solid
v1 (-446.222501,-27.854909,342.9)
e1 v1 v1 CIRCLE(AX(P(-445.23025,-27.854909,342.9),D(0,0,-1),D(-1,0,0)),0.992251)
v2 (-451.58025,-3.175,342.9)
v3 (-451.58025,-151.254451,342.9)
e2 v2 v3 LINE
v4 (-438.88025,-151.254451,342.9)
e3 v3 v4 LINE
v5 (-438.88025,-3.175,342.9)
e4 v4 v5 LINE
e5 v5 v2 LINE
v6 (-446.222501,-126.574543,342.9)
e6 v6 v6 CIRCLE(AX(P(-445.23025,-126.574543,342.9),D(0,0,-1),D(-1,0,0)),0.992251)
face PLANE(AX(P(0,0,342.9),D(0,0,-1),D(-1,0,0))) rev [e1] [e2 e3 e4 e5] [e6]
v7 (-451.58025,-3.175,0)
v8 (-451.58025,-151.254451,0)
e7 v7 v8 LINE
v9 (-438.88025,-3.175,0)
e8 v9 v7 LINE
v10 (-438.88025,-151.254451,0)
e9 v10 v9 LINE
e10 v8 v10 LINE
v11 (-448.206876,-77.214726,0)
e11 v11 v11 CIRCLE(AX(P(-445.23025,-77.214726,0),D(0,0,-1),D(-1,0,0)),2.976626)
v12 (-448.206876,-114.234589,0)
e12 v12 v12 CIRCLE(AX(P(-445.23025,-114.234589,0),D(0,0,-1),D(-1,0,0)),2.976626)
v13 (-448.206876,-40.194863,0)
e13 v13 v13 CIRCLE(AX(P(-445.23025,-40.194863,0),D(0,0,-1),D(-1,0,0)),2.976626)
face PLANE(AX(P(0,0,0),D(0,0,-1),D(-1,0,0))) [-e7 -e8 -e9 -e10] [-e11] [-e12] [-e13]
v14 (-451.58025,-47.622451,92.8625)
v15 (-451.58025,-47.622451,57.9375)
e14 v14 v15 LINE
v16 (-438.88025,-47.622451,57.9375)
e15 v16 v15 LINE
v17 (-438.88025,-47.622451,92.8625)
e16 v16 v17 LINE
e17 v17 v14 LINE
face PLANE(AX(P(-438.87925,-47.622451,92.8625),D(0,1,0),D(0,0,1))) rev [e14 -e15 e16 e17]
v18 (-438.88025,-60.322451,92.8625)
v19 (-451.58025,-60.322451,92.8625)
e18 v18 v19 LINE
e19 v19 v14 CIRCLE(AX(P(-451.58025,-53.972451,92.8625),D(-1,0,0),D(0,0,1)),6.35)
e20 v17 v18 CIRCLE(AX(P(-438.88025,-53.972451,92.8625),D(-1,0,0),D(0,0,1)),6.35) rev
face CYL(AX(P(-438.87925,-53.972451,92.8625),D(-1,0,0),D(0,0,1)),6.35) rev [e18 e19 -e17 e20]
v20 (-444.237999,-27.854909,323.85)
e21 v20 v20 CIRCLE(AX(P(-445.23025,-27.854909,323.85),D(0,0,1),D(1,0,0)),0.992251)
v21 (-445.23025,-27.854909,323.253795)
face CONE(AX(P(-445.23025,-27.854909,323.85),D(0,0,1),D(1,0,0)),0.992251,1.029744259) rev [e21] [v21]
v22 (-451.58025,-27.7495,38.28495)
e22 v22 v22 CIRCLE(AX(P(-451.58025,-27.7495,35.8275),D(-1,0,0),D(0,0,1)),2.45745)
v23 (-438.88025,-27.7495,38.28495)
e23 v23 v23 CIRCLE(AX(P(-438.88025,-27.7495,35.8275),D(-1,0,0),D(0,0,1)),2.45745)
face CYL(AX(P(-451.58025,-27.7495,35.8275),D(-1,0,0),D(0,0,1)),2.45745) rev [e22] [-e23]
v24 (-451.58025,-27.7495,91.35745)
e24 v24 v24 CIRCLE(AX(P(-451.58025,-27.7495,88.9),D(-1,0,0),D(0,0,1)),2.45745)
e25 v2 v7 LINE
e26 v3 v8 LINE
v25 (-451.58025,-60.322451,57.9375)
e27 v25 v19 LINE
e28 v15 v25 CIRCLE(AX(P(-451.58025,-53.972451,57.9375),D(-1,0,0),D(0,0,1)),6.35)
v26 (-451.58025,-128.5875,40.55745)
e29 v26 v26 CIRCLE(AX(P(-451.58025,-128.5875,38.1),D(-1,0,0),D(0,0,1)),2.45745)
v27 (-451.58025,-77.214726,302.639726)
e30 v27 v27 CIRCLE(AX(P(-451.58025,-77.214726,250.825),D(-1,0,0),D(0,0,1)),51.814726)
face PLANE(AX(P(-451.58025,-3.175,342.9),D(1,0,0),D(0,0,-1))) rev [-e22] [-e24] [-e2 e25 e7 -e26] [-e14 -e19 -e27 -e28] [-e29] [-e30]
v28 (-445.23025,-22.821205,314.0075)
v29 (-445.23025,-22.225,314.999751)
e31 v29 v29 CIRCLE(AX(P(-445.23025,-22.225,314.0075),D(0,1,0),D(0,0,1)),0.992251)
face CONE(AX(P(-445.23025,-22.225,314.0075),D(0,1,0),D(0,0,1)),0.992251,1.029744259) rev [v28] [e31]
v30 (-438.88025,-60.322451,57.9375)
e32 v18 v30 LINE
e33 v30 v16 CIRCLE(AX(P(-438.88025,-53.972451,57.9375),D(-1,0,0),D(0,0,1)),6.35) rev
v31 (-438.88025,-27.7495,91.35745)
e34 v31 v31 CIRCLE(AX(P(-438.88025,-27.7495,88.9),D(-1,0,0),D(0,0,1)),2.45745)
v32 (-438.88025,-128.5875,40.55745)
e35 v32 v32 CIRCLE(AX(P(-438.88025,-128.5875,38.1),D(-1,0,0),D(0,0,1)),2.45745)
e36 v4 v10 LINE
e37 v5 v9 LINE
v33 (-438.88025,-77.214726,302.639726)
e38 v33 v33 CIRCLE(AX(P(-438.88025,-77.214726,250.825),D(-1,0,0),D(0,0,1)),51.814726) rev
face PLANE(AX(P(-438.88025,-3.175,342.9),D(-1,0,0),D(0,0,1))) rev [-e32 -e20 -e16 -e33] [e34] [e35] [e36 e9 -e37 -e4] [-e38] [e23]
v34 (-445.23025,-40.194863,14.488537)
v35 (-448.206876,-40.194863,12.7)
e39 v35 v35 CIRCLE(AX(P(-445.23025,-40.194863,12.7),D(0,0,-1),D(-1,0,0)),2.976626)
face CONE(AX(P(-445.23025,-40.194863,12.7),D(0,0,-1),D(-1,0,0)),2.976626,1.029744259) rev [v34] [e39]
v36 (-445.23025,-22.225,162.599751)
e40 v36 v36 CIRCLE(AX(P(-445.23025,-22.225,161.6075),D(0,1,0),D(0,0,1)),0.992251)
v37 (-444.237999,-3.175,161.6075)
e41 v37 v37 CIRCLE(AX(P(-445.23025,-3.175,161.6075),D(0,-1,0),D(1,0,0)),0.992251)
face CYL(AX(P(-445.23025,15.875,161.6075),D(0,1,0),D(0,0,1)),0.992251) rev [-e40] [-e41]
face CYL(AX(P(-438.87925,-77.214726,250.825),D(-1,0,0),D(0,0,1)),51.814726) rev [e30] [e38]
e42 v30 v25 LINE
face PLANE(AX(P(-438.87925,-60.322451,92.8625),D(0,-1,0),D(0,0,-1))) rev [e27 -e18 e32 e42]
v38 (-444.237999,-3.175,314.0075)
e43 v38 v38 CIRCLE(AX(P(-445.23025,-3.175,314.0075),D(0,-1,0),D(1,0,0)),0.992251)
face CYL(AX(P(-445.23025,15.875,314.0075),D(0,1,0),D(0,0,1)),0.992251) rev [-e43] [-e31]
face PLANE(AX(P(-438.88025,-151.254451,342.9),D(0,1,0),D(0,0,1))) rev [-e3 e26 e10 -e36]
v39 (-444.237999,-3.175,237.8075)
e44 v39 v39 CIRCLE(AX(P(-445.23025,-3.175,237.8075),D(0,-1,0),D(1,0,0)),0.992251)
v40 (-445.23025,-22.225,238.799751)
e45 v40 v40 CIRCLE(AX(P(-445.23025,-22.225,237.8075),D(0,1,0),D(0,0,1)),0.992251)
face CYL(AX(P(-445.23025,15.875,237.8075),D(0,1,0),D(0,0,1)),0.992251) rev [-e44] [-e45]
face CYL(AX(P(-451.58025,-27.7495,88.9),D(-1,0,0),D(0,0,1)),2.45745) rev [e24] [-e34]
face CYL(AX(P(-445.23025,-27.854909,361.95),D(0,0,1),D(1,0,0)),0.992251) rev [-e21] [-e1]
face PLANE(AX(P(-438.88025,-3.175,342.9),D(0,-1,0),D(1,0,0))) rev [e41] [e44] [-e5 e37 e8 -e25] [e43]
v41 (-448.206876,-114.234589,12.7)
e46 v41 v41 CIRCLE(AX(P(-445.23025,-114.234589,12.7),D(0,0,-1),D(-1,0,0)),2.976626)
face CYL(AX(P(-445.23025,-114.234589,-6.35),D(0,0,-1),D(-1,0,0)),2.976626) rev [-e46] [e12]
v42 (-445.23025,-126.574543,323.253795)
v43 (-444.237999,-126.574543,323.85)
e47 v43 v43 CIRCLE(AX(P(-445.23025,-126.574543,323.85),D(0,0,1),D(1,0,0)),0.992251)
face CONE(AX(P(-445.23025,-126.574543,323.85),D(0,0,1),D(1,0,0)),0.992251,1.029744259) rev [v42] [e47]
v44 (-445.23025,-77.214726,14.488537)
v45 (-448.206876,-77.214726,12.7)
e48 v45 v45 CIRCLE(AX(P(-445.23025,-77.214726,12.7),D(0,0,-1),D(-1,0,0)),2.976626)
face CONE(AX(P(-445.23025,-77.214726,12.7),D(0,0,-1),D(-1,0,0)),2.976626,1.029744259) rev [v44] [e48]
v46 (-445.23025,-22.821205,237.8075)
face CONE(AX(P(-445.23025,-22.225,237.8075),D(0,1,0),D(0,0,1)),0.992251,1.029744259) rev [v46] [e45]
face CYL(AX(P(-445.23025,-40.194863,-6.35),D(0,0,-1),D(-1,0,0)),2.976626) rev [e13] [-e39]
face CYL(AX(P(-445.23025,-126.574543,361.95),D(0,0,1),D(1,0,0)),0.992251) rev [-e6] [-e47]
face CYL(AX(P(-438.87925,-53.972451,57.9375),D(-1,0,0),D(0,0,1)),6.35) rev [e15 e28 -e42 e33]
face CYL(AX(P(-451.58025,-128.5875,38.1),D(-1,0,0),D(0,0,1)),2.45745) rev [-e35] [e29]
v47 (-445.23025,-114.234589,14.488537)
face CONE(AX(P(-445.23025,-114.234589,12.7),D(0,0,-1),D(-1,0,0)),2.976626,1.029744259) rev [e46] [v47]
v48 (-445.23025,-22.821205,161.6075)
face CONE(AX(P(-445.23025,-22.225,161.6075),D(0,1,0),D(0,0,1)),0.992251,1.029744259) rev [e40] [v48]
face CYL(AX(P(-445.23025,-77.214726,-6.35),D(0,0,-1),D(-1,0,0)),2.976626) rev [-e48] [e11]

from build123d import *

# Parameters (mm, degrees)
SKETCH1_W                                 = 12.7
SKETCH1_H                                 = 148.079451403
BOSS_EXTRUDE1_DEPTH                       = 342.9
F_15_64_0_23438_DIAMETER_HOLE1_D          = 5.953252
F_15_64_0_23438_DIAMETER_HOLE1_DEPTH      = 12.7
F_15_64_0_23438_DIAMETER_HOLE1_TIP        = 1.788537341
F_15_64_0_23438_DIAMETER_HOLE3_D          = 5.953252
F_15_64_0_23438_DIAMETER_HOLE3_DEPTH      = 19.05
F_15_64_0_23438_DIAMETER_HOLE3_TIP        = 1.788537341
F_5_64_0_07813_DIAMETER_HOLE1_D           = 1.984502
F_5_64_0_07813_DIAMETER_HOLE1_DEPTH       = 38.1
F_5_64_0_07813_DIAMETER_HOLE1_CSINK_D     = 10.16
F_5_64_0_07813_DIAMETER_HOLE1_CSINK_ANGLE = 82
F_5_64_0_07813_DIAMETER_HOLE1_TIP         = 0.59620455
F_5_64_0_07813_DIAMETER_HOLE2_D           = 1.984502
F_5_64_0_07813_DIAMETER_HOLE2_DEPTH       = 38.1
F_5_64_0_07813_DIAMETER_HOLE2_CSINK_D     = 10.16
F_5_64_0_07813_DIAMETER_HOLE2_CSINK_ANGLE = 82
F_5_64_0_07813_DIAMETER_HOLE2_TIP         = 0.59620455
F_8_CLEARANCE_HOLE1_D                     = 4.9149
F_8_CLEARANCE_HOLE1_DEPTH                 = 12.7
CUT_EXTRUDE1_REACH                        = 14.7
SKETCH14_R                                = 51.814725701
CUT_EXTRUDE2_REACH                        = 14.7


with BuildPart() as part:
    # Sketch1 → Boss-Extrude1 (new body)
    with BuildSketch(Plane.XY):
        with Locations((-445.23025, -77.214725702)):
            Rectangle(SKETCH1_W, SKETCH1_H)
    extrude(amount=BOSS_EXTRUDE1_DEPTH)

    # 15/64 (0.23438) Diameter Hole1
    with Locations(Plane(origin=(-183.67375, 1933.375856936, -6.35), x_dir=(1, 0, 0), z_dir=(0, 0, -1))):
        with Locations((-261.5565, 1973.570719787), (-261.5565, 2010.590582637), (-261.5565, 2047.610445488), (-97.5233, 2112.481693679), (-97.5233, 2147.688356936), (-43.36415, 2120.065856936), (1.27, 2120.065856936), (45.90415, 2120.065856936), (100.0633, 2147.688356936), (100.0633, 2112.481693679), (264.0965, 2047.610445488), (264.0965, 1973.570719787)):
            Hole(F_15_64_0_23438_DIAMETER_HOLE1_D / 2, depth=F_15_64_0_23438_DIAMETER_HOLE1_DEPTH)
            with Locations((0, 0, -(F_15_64_0_23438_DIAMETER_HOLE1_DEPTH + F_15_64_0_23438_DIAMETER_HOLE1_TIP / 2))):  # 118° drill point
                Cone(0, F_15_64_0_23438_DIAMETER_HOLE1_D / 2, F_15_64_0_23438_DIAMETER_HOLE1_TIP, mode=Mode.SUBTRACT)

    # 15/64 (0.23438) Diameter Hole3
    with Locations(Plane(origin=(-182.40375, 1936.853954382, -6.35), x_dir=(1, 0, 0), z_dir=(0, 0, -1))):
        with Locations((-262.8265, 2051.088542934), (-262.8265, 2014.068680083), (-262.8265, 1977.048817232), (-98.7933, 2115.959791125), (-98.7933, 2151.166454382)):
            Hole(F_15_64_0_23438_DIAMETER_HOLE3_D / 2, depth=F_15_64_0_23438_DIAMETER_HOLE3_DEPTH)
            with Locations((0, 0, -(F_15_64_0_23438_DIAMETER_HOLE3_DEPTH + F_15_64_0_23438_DIAMETER_HOLE3_TIP / 2))):  # 118° drill point
                Cone(0, F_15_64_0_23438_DIAMETER_HOLE3_D / 2, F_15_64_0_23438_DIAMETER_HOLE3_TIP, mode=Mode.SUBTRACT)

    # 5/64 (0.07813) Diameter Hole1
    with Locations(Plane(origin=(-182.40375, 15.875, 6471.459863233), x_dir=(1, 0, 0), z_dir=(0, 1, 0))):
        with Locations((-262.8265, 6157.452363233), (-98.7933, 6157.452363233), (-262.8265, 6233.652363233), (-98.7933, 6233.652363233), (-262.8265, 6309.852363233), (-98.7933, 6309.852363233), (-267.97, 6119.034863233), (-115.57, 6119.034863233), (-1.27, 6119.034863233), (113.03, 6119.034863233), (265.43, 6119.034863233), (96.2533, 6309.852363233), (260.2865, 6309.852363233), (96.2533, 6233.652363233), (260.2865, 6233.652363233), (96.2533, 6157.452363233), (260.2865, 6157.452363233)):
            CounterSinkHole(F_5_64_0_07813_DIAMETER_HOLE1_D / 2, F_5_64_0_07813_DIAMETER_HOLE1_CSINK_D / 2, depth=F_5_64_0_07813_DIAMETER_HOLE1_DEPTH, counter_sink_angle=F_5_64_0_07813_DIAMETER_HOLE1_CSINK_ANGLE)
            with Locations((0, 0, -(F_5_64_0_07813_DIAMETER_HOLE1_DEPTH + F_5_64_0_07813_DIAMETER_HOLE1_TIP / 2))):  # 118° drill point
                Cone(0, F_5_64_0_07813_DIAMETER_HOLE1_D / 2, F_5_64_0_07813_DIAMETER_HOLE1_TIP, mode=Mode.SUBTRACT)

    # 5/64 (0.07813) Diameter Hole2
    with Locations(Plane(origin=(-182.40375, 1936.853954382, 361.95), x_dir=(-1, 0, 0), z_dir=(0, 0, 1))):
        with Locations((-263.392416364, 1965.434682144), (262.8265, 1964.708862949), (262.8265, 2063.428497217), (98.7933, 2131.851871048), (98.7933, 1978.393537715), (53.56098, 2123.543954382), (-53.56098, 2123.543954382), (-99.322089753, 1978.666800322), (-98.898757225, 2132.124549748), (-263.120086856, 2064.153940785)):
            CounterSinkHole(F_5_64_0_07813_DIAMETER_HOLE2_D / 2, F_5_64_0_07813_DIAMETER_HOLE2_CSINK_D / 2, depth=F_5_64_0_07813_DIAMETER_HOLE2_DEPTH, counter_sink_angle=F_5_64_0_07813_DIAMETER_HOLE2_CSINK_ANGLE)
            with Locations((0, 0, -(F_5_64_0_07813_DIAMETER_HOLE2_DEPTH + F_5_64_0_07813_DIAMETER_HOLE2_TIP / 2))):  # 118° drill point
                Cone(0, F_5_64_0_07813_DIAMETER_HOLE2_D / 2, F_5_64_0_07813_DIAMETER_HOLE2_TIP, mode=Mode.SUBTRACT)

    # #8 Clearance Hole1
    with Locations(Plane.ZY.offset(451.58025)):
        with Locations((88.9, -27.7495), (35.8275, -27.7495), (38.1, -128.5875)):
            Hole(F_8_CLEARANCE_HOLE1_D / 2, depth=F_8_CLEARANCE_HOLE1_DEPTH)

    # Sketch14 → Cut-Extrude1 (cut, up to next)
    with BuildSketch(Plane.ZY.offset(451.58025), mode=Mode.PRIVATE) as cut_extrude1_sk1:
        with Locations((250.825, -77.214725701)):
            Circle(SKETCH14_R)
    cut_extrude1_tool1 = extrude(cut_extrude1_sk1.sketch, amount=-CUT_EXTRUDE1_REACH, mode=Mode.PRIVATE) & part.part
    add(cut_extrude1_tool1.solids().sort_by_distance((-451.58025, -77.214726, 250.825))[0], mode=Mode.SUBTRACT)

    # Sketch15 → Cut-Extrude2 (cut, up to next)
    with BuildSketch(Plane.ZY.offset(451.58025), mode=Mode.PRIVATE) as cut_extrude2_sk1:
        with BuildLine():
            Line((92.8625, -60.322451403), (57.9375, -60.322451403))
            ThreePointArc((57.9375, -60.322451403), (51.5875, -53.972451403), (57.9375, -47.622451403))
            Line((57.9375, -47.622451403), (92.8625, -47.622451403))
            ThreePointArc((92.8625, -47.622451403), (99.2125, -53.972451403), (92.8625, -60.322451403))
        make_face()
    cut_extrude2_tool1 = extrude(cut_extrude2_sk1.sketch, amount=-CUT_EXTRUDE2_REACH, mode=Mode.PRIVATE) & part.part
    add(cut_extrude2_tool1.solids().sort_by_distance((-451.58025, -53.972451, 75.4))[0], mode=Mode.SUBTRACT)


solid = part.part
